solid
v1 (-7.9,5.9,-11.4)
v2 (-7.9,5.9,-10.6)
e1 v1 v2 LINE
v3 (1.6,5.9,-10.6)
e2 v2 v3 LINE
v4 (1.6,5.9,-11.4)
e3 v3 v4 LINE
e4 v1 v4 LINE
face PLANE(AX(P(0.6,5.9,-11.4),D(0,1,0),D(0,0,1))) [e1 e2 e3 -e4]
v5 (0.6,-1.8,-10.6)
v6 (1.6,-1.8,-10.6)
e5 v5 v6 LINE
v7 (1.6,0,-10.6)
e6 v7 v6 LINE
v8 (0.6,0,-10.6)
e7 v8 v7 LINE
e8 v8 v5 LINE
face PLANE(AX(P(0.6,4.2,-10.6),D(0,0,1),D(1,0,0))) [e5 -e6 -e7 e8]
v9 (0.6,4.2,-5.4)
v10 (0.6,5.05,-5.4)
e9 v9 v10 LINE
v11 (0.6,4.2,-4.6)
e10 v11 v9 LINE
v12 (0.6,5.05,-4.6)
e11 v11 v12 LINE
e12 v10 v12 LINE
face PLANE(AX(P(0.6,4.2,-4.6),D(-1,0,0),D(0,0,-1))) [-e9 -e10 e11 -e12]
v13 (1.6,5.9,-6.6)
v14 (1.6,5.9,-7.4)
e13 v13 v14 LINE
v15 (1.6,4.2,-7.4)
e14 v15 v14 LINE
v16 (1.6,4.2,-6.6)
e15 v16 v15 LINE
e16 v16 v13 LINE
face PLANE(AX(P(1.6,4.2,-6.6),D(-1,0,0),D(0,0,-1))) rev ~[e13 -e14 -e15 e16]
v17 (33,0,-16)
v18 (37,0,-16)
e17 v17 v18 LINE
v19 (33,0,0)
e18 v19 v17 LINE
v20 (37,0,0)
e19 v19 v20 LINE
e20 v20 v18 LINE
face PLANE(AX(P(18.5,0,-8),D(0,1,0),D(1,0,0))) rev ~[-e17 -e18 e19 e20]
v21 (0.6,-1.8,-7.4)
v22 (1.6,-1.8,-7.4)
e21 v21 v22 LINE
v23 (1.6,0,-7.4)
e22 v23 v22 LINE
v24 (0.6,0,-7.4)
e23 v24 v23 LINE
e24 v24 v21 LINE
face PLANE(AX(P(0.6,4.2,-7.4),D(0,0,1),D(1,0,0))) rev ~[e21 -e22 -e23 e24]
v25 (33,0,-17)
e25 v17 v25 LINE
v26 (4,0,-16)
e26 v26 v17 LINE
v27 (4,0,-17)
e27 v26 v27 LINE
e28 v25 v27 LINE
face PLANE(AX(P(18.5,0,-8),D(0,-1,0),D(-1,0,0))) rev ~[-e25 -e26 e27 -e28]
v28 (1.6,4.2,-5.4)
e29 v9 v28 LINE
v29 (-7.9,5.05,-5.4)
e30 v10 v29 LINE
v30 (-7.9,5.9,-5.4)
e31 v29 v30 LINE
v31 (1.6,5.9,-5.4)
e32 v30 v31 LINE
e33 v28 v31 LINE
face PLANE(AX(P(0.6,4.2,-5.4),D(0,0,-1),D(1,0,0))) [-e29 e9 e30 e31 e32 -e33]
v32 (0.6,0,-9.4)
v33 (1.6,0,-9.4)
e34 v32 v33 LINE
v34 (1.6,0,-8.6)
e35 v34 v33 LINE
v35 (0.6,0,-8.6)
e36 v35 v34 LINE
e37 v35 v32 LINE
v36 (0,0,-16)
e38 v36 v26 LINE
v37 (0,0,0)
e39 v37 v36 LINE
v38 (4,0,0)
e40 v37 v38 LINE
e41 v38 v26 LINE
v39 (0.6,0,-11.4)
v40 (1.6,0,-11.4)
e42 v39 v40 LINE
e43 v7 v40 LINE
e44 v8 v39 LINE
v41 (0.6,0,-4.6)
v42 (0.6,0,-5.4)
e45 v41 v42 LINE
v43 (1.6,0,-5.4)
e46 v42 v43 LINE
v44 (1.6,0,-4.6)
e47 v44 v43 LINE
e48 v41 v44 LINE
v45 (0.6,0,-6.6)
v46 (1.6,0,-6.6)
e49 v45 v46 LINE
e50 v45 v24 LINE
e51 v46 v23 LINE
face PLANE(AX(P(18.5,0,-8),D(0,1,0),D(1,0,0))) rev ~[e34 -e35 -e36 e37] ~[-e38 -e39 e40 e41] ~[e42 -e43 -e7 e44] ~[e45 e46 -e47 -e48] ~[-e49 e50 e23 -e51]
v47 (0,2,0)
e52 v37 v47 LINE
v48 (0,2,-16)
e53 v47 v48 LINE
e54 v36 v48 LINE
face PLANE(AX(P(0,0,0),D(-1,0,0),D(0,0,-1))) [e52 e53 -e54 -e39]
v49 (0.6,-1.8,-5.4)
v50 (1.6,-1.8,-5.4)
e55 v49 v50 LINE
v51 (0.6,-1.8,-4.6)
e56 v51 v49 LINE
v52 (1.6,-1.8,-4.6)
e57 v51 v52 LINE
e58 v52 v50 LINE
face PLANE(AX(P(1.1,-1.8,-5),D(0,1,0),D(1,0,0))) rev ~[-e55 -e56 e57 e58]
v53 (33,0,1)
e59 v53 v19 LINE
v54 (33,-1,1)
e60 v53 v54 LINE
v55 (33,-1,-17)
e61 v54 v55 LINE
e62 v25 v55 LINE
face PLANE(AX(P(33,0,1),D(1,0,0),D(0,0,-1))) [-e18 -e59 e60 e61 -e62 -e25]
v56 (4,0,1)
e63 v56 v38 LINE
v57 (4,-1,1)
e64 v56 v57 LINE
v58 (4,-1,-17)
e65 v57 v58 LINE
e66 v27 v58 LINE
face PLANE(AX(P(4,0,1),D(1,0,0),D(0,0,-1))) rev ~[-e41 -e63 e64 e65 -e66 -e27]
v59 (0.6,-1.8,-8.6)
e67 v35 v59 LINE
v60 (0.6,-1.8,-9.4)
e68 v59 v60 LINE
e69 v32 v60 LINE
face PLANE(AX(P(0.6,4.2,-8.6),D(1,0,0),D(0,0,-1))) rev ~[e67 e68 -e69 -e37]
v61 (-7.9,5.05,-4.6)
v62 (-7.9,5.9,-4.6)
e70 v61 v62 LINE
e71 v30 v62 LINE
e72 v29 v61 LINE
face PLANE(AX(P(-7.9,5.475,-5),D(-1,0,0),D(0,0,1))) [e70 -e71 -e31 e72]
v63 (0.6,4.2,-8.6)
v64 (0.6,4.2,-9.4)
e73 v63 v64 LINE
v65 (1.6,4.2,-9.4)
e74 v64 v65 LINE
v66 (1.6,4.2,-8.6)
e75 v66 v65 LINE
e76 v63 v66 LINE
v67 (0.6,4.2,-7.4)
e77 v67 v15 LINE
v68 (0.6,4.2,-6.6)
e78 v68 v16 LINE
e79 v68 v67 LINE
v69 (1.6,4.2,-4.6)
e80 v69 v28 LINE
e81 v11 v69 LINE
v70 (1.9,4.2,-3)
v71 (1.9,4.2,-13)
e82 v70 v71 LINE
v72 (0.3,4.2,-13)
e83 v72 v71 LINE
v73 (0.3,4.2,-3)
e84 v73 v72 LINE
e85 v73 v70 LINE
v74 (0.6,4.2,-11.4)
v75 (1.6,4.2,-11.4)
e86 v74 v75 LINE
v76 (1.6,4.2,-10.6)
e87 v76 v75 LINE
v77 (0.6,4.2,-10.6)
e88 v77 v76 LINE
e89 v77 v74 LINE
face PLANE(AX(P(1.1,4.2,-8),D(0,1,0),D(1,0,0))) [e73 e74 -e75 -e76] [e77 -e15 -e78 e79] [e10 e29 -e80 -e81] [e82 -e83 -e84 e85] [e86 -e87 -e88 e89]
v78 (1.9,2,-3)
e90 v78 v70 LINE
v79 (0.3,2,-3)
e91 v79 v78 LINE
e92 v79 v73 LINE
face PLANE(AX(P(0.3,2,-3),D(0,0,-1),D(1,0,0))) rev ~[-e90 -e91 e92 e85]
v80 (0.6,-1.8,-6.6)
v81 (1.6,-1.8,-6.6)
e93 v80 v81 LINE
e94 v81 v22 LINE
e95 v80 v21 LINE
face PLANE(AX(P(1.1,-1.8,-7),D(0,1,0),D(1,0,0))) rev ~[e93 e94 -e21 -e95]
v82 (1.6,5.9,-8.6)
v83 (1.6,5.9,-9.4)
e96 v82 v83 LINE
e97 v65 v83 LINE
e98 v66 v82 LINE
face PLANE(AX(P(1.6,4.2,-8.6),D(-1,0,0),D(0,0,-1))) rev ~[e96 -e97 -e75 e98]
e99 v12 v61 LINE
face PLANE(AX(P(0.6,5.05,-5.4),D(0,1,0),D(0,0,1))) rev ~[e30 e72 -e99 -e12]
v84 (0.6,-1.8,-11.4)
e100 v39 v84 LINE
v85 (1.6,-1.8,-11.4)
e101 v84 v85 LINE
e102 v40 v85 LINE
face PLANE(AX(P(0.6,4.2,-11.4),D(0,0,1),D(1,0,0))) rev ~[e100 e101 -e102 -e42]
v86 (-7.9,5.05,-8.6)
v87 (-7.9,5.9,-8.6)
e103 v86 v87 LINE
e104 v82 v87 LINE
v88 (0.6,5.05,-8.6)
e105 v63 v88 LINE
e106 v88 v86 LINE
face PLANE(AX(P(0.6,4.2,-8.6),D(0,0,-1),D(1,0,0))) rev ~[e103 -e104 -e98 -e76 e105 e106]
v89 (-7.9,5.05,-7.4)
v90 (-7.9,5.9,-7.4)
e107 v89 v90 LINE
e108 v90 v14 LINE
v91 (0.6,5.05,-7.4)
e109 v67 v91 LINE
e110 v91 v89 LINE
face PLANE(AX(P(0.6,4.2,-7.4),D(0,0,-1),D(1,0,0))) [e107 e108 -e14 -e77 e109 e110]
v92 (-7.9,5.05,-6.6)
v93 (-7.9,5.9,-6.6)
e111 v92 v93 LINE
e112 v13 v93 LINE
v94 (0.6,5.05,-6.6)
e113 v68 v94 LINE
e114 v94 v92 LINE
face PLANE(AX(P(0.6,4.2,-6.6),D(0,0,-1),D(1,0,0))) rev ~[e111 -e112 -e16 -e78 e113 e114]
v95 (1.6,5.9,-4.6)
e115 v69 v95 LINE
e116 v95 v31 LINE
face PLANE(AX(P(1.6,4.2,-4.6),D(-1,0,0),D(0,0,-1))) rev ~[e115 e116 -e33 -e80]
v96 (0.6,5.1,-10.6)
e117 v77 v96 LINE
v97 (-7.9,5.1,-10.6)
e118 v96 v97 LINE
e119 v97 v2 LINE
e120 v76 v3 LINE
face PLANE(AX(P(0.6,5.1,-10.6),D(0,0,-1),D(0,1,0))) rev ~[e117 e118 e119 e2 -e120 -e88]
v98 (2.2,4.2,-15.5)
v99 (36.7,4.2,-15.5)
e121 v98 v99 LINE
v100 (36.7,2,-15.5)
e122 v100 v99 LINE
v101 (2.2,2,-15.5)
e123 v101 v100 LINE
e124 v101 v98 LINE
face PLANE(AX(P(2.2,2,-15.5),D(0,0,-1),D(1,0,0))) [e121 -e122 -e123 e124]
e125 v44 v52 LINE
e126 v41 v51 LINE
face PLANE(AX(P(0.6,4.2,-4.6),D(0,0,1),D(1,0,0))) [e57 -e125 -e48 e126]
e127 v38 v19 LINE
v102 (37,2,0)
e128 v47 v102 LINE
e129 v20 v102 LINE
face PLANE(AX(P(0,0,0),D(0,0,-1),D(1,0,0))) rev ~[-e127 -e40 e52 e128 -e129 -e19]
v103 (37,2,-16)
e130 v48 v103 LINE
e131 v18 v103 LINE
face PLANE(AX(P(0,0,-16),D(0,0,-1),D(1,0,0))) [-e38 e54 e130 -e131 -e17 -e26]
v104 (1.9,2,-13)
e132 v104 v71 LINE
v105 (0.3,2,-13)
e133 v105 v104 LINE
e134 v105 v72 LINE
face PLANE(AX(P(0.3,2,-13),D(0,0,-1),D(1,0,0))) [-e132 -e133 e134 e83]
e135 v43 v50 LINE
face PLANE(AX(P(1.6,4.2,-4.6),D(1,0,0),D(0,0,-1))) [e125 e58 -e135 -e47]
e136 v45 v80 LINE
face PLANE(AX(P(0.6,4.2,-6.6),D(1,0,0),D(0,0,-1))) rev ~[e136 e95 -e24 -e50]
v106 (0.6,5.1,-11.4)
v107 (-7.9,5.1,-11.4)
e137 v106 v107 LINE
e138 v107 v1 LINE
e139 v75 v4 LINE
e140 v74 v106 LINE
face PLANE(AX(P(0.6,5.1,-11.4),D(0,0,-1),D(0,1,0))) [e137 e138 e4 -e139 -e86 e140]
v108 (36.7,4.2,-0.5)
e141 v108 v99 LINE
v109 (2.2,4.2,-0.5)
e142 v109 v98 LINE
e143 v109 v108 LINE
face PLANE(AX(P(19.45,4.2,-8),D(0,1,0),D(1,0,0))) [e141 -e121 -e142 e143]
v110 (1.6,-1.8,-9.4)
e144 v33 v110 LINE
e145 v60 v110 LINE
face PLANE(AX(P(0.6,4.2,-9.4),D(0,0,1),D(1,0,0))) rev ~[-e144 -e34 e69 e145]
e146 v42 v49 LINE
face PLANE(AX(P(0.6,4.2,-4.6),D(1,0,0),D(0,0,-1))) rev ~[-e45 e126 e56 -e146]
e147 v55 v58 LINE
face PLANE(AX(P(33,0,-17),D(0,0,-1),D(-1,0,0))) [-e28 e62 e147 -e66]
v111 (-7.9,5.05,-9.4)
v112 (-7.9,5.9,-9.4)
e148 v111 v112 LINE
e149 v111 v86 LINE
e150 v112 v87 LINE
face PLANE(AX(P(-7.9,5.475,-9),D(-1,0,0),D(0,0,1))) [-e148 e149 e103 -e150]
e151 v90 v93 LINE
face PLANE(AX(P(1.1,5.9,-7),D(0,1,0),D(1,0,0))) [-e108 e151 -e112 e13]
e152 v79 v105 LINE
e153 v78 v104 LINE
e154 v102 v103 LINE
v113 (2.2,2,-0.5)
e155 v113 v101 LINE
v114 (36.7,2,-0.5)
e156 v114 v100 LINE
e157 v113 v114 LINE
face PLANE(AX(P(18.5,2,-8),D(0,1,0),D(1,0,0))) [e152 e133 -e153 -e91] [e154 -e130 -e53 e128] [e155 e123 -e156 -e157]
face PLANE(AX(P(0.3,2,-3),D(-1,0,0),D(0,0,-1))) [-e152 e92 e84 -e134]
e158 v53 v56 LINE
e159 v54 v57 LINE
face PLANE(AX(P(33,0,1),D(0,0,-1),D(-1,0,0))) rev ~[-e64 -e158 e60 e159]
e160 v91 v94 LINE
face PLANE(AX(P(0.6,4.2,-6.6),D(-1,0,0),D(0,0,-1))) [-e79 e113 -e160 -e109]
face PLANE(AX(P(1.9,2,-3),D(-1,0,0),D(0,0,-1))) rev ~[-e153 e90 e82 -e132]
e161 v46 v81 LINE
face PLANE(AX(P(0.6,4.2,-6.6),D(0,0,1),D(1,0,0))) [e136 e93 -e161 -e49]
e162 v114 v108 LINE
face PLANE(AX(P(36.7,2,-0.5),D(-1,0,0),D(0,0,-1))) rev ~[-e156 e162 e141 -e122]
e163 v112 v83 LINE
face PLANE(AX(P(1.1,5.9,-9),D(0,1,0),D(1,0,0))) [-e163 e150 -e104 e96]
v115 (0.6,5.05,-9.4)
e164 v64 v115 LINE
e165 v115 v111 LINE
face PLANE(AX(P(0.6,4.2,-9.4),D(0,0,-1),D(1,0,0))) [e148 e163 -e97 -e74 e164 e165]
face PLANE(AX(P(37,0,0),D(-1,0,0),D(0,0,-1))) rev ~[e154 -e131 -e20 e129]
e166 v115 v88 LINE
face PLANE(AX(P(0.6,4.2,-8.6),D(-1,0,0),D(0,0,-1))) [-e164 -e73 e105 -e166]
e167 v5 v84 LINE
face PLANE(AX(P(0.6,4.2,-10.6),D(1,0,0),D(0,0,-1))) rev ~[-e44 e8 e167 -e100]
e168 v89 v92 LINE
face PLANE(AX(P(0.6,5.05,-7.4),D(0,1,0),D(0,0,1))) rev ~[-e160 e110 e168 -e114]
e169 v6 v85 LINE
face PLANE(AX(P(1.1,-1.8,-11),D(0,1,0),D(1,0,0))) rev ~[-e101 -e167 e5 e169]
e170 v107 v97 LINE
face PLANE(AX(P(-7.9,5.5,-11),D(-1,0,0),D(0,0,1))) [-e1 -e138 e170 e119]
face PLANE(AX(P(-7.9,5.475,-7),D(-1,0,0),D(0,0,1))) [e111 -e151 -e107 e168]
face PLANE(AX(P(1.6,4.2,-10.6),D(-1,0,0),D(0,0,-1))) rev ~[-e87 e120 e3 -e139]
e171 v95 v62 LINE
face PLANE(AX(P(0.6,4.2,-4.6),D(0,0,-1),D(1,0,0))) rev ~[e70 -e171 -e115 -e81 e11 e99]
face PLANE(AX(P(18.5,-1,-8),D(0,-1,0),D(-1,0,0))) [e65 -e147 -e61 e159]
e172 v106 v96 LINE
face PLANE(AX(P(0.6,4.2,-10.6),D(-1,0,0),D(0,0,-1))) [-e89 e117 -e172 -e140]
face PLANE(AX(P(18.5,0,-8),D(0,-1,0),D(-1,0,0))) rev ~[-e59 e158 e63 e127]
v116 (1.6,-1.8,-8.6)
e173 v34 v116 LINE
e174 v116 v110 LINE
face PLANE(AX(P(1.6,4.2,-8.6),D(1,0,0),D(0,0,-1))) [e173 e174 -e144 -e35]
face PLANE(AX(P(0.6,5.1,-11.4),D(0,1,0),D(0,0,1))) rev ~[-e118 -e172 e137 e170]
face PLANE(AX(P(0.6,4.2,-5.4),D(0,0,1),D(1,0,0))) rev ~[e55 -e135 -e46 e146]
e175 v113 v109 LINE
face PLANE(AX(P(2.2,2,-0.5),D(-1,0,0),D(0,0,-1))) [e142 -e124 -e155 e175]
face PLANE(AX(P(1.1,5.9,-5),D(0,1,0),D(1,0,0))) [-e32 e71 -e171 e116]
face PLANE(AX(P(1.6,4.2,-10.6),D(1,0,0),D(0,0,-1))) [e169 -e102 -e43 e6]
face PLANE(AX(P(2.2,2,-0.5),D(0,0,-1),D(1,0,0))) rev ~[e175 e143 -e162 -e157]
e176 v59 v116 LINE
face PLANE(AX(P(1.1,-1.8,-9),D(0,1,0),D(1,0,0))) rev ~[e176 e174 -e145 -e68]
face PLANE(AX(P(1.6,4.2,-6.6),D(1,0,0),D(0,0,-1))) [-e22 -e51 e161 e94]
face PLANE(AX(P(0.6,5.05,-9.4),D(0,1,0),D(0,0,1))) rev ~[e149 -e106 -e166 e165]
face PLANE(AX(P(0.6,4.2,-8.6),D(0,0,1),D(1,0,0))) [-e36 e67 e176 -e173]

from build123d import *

# Parameters (mm, degrees)
SKETCH1_W                = 37
SKETCH1_H                = 16
BOSS_EXTRUDE1_DEPTH      = 2
SKETCH2_W                = 34.5
SKETCH2_H                = 15
BOSS_EXTRUDE2_DEPTH      = 2.2
SKETCH3_W                = 1.6
SKETCH3_H                = 10
BOSS_EXTRUDE3_DEPTH      = 2.2
SKETCH4_W                = 1
SKETCH4_H                = 0.8
BOSS_EXTRUDE4_DEPTH      = 1.7
BOSS_EXTRUDE4_DEPTH_BACK = 6
SKETCH5_W                = 0.8
SKETCH5_H                = 0.8
SKETCH5_H_2              = 0.85
BOSS_EXTRUDE5_DEPTH      = 8.5
SKETCH6_W                = 29
SKETCH6_H                = 18
BOSS_EXTRUDE6_DEPTH      = 1


with BuildPart() as part:
    # Sketch1 → Boss-Extrude1 (new body)
    with BuildSketch(Plane(origin=(0, 0, 0), x_dir=(1, 0, 0), z_dir=(0, 1, 0))):
        with Locations((18.5, 8)):
            Rectangle(SKETCH1_W, SKETCH1_H)
    extrude(amount=BOSS_EXTRUDE1_DEPTH)

    # Sketch2 → Boss-Extrude2 (add)
    with BuildSketch(Plane(origin=(0, 2, 0), x_dir=(1, 0, 0), z_dir=(0, 1, 0))):
        with Locations((19.45, 8)):
            Rectangle(SKETCH2_W, SKETCH2_H)
    extrude(amount=BOSS_EXTRUDE2_DEPTH)

    # Sketch3 → Boss-Extrude3 (add)
    with BuildSketch(Plane(origin=(0, 2, 0), x_dir=(1, 0, 0), z_dir=(0, 1, 0))):
        with Locations((1.1, 8)):
            Rectangle(SKETCH3_W, SKETCH3_H)
    extrude(amount=BOSS_EXTRUDE3_DEPTH)

    # Sketch4 → Boss-Extrude4 (add, two sides)
    with BuildSketch(Plane(origin=(0, 4.2, 0), x_dir=(1, 0, 0), z_dir=(0, 1, 0))) as boss_extrude4_sk:
        with Locations((1.1, 11)):
            Rectangle(SKETCH4_W, SKETCH4_H)
        with Locations((1.1, 9)):
            Rectangle(SKETCH4_W, SKETCH4_H)
        with Locations((1.1, 7)):
            Rectangle(SKETCH4_W, SKETCH4_H)
        with Locations((1.1, 5)):
            Rectangle(SKETCH4_W, SKETCH4_H)
    extrude(amount=BOSS_EXTRUDE4_DEPTH)
    extrude(boss_extrude4_sk.sketch, amount=-BOSS_EXTRUDE4_DEPTH_BACK)

    # Sketch5 → Boss-Extrude5 (add)
    with BuildSketch(Plane.ZY.offset(-0.6)):
        with Locations((-11, 5.5)):
            Rectangle(SKETCH5_W, SKETCH5_H)
        with Locations((-9, 5.475)):
            Rectangle(SKETCH5_W, SKETCH5_H_2)
        with Locations((-7, 5.475)):
            Rectangle(SKETCH5_W, SKETCH5_H_2)
        with Locations((-5, 5.475)):
            Rectangle(SKETCH5_W, SKETCH5_H_2)
    extrude(amount=BOSS_EXTRUDE5_DEPTH)

    # Sketch6 → Boss-Extrude6 (add)
    with BuildSketch(Plane(origin=(0, 0, 0), x_dir=(-1, 0, 0), z_dir=(0, -1, 0))):
        with Locations((-18.5, 8)):
            Rectangle(SKETCH6_W, SKETCH6_H)
    extrude(amount=BOSS_EXTRUDE6_DEPTH)


solid = part.part
